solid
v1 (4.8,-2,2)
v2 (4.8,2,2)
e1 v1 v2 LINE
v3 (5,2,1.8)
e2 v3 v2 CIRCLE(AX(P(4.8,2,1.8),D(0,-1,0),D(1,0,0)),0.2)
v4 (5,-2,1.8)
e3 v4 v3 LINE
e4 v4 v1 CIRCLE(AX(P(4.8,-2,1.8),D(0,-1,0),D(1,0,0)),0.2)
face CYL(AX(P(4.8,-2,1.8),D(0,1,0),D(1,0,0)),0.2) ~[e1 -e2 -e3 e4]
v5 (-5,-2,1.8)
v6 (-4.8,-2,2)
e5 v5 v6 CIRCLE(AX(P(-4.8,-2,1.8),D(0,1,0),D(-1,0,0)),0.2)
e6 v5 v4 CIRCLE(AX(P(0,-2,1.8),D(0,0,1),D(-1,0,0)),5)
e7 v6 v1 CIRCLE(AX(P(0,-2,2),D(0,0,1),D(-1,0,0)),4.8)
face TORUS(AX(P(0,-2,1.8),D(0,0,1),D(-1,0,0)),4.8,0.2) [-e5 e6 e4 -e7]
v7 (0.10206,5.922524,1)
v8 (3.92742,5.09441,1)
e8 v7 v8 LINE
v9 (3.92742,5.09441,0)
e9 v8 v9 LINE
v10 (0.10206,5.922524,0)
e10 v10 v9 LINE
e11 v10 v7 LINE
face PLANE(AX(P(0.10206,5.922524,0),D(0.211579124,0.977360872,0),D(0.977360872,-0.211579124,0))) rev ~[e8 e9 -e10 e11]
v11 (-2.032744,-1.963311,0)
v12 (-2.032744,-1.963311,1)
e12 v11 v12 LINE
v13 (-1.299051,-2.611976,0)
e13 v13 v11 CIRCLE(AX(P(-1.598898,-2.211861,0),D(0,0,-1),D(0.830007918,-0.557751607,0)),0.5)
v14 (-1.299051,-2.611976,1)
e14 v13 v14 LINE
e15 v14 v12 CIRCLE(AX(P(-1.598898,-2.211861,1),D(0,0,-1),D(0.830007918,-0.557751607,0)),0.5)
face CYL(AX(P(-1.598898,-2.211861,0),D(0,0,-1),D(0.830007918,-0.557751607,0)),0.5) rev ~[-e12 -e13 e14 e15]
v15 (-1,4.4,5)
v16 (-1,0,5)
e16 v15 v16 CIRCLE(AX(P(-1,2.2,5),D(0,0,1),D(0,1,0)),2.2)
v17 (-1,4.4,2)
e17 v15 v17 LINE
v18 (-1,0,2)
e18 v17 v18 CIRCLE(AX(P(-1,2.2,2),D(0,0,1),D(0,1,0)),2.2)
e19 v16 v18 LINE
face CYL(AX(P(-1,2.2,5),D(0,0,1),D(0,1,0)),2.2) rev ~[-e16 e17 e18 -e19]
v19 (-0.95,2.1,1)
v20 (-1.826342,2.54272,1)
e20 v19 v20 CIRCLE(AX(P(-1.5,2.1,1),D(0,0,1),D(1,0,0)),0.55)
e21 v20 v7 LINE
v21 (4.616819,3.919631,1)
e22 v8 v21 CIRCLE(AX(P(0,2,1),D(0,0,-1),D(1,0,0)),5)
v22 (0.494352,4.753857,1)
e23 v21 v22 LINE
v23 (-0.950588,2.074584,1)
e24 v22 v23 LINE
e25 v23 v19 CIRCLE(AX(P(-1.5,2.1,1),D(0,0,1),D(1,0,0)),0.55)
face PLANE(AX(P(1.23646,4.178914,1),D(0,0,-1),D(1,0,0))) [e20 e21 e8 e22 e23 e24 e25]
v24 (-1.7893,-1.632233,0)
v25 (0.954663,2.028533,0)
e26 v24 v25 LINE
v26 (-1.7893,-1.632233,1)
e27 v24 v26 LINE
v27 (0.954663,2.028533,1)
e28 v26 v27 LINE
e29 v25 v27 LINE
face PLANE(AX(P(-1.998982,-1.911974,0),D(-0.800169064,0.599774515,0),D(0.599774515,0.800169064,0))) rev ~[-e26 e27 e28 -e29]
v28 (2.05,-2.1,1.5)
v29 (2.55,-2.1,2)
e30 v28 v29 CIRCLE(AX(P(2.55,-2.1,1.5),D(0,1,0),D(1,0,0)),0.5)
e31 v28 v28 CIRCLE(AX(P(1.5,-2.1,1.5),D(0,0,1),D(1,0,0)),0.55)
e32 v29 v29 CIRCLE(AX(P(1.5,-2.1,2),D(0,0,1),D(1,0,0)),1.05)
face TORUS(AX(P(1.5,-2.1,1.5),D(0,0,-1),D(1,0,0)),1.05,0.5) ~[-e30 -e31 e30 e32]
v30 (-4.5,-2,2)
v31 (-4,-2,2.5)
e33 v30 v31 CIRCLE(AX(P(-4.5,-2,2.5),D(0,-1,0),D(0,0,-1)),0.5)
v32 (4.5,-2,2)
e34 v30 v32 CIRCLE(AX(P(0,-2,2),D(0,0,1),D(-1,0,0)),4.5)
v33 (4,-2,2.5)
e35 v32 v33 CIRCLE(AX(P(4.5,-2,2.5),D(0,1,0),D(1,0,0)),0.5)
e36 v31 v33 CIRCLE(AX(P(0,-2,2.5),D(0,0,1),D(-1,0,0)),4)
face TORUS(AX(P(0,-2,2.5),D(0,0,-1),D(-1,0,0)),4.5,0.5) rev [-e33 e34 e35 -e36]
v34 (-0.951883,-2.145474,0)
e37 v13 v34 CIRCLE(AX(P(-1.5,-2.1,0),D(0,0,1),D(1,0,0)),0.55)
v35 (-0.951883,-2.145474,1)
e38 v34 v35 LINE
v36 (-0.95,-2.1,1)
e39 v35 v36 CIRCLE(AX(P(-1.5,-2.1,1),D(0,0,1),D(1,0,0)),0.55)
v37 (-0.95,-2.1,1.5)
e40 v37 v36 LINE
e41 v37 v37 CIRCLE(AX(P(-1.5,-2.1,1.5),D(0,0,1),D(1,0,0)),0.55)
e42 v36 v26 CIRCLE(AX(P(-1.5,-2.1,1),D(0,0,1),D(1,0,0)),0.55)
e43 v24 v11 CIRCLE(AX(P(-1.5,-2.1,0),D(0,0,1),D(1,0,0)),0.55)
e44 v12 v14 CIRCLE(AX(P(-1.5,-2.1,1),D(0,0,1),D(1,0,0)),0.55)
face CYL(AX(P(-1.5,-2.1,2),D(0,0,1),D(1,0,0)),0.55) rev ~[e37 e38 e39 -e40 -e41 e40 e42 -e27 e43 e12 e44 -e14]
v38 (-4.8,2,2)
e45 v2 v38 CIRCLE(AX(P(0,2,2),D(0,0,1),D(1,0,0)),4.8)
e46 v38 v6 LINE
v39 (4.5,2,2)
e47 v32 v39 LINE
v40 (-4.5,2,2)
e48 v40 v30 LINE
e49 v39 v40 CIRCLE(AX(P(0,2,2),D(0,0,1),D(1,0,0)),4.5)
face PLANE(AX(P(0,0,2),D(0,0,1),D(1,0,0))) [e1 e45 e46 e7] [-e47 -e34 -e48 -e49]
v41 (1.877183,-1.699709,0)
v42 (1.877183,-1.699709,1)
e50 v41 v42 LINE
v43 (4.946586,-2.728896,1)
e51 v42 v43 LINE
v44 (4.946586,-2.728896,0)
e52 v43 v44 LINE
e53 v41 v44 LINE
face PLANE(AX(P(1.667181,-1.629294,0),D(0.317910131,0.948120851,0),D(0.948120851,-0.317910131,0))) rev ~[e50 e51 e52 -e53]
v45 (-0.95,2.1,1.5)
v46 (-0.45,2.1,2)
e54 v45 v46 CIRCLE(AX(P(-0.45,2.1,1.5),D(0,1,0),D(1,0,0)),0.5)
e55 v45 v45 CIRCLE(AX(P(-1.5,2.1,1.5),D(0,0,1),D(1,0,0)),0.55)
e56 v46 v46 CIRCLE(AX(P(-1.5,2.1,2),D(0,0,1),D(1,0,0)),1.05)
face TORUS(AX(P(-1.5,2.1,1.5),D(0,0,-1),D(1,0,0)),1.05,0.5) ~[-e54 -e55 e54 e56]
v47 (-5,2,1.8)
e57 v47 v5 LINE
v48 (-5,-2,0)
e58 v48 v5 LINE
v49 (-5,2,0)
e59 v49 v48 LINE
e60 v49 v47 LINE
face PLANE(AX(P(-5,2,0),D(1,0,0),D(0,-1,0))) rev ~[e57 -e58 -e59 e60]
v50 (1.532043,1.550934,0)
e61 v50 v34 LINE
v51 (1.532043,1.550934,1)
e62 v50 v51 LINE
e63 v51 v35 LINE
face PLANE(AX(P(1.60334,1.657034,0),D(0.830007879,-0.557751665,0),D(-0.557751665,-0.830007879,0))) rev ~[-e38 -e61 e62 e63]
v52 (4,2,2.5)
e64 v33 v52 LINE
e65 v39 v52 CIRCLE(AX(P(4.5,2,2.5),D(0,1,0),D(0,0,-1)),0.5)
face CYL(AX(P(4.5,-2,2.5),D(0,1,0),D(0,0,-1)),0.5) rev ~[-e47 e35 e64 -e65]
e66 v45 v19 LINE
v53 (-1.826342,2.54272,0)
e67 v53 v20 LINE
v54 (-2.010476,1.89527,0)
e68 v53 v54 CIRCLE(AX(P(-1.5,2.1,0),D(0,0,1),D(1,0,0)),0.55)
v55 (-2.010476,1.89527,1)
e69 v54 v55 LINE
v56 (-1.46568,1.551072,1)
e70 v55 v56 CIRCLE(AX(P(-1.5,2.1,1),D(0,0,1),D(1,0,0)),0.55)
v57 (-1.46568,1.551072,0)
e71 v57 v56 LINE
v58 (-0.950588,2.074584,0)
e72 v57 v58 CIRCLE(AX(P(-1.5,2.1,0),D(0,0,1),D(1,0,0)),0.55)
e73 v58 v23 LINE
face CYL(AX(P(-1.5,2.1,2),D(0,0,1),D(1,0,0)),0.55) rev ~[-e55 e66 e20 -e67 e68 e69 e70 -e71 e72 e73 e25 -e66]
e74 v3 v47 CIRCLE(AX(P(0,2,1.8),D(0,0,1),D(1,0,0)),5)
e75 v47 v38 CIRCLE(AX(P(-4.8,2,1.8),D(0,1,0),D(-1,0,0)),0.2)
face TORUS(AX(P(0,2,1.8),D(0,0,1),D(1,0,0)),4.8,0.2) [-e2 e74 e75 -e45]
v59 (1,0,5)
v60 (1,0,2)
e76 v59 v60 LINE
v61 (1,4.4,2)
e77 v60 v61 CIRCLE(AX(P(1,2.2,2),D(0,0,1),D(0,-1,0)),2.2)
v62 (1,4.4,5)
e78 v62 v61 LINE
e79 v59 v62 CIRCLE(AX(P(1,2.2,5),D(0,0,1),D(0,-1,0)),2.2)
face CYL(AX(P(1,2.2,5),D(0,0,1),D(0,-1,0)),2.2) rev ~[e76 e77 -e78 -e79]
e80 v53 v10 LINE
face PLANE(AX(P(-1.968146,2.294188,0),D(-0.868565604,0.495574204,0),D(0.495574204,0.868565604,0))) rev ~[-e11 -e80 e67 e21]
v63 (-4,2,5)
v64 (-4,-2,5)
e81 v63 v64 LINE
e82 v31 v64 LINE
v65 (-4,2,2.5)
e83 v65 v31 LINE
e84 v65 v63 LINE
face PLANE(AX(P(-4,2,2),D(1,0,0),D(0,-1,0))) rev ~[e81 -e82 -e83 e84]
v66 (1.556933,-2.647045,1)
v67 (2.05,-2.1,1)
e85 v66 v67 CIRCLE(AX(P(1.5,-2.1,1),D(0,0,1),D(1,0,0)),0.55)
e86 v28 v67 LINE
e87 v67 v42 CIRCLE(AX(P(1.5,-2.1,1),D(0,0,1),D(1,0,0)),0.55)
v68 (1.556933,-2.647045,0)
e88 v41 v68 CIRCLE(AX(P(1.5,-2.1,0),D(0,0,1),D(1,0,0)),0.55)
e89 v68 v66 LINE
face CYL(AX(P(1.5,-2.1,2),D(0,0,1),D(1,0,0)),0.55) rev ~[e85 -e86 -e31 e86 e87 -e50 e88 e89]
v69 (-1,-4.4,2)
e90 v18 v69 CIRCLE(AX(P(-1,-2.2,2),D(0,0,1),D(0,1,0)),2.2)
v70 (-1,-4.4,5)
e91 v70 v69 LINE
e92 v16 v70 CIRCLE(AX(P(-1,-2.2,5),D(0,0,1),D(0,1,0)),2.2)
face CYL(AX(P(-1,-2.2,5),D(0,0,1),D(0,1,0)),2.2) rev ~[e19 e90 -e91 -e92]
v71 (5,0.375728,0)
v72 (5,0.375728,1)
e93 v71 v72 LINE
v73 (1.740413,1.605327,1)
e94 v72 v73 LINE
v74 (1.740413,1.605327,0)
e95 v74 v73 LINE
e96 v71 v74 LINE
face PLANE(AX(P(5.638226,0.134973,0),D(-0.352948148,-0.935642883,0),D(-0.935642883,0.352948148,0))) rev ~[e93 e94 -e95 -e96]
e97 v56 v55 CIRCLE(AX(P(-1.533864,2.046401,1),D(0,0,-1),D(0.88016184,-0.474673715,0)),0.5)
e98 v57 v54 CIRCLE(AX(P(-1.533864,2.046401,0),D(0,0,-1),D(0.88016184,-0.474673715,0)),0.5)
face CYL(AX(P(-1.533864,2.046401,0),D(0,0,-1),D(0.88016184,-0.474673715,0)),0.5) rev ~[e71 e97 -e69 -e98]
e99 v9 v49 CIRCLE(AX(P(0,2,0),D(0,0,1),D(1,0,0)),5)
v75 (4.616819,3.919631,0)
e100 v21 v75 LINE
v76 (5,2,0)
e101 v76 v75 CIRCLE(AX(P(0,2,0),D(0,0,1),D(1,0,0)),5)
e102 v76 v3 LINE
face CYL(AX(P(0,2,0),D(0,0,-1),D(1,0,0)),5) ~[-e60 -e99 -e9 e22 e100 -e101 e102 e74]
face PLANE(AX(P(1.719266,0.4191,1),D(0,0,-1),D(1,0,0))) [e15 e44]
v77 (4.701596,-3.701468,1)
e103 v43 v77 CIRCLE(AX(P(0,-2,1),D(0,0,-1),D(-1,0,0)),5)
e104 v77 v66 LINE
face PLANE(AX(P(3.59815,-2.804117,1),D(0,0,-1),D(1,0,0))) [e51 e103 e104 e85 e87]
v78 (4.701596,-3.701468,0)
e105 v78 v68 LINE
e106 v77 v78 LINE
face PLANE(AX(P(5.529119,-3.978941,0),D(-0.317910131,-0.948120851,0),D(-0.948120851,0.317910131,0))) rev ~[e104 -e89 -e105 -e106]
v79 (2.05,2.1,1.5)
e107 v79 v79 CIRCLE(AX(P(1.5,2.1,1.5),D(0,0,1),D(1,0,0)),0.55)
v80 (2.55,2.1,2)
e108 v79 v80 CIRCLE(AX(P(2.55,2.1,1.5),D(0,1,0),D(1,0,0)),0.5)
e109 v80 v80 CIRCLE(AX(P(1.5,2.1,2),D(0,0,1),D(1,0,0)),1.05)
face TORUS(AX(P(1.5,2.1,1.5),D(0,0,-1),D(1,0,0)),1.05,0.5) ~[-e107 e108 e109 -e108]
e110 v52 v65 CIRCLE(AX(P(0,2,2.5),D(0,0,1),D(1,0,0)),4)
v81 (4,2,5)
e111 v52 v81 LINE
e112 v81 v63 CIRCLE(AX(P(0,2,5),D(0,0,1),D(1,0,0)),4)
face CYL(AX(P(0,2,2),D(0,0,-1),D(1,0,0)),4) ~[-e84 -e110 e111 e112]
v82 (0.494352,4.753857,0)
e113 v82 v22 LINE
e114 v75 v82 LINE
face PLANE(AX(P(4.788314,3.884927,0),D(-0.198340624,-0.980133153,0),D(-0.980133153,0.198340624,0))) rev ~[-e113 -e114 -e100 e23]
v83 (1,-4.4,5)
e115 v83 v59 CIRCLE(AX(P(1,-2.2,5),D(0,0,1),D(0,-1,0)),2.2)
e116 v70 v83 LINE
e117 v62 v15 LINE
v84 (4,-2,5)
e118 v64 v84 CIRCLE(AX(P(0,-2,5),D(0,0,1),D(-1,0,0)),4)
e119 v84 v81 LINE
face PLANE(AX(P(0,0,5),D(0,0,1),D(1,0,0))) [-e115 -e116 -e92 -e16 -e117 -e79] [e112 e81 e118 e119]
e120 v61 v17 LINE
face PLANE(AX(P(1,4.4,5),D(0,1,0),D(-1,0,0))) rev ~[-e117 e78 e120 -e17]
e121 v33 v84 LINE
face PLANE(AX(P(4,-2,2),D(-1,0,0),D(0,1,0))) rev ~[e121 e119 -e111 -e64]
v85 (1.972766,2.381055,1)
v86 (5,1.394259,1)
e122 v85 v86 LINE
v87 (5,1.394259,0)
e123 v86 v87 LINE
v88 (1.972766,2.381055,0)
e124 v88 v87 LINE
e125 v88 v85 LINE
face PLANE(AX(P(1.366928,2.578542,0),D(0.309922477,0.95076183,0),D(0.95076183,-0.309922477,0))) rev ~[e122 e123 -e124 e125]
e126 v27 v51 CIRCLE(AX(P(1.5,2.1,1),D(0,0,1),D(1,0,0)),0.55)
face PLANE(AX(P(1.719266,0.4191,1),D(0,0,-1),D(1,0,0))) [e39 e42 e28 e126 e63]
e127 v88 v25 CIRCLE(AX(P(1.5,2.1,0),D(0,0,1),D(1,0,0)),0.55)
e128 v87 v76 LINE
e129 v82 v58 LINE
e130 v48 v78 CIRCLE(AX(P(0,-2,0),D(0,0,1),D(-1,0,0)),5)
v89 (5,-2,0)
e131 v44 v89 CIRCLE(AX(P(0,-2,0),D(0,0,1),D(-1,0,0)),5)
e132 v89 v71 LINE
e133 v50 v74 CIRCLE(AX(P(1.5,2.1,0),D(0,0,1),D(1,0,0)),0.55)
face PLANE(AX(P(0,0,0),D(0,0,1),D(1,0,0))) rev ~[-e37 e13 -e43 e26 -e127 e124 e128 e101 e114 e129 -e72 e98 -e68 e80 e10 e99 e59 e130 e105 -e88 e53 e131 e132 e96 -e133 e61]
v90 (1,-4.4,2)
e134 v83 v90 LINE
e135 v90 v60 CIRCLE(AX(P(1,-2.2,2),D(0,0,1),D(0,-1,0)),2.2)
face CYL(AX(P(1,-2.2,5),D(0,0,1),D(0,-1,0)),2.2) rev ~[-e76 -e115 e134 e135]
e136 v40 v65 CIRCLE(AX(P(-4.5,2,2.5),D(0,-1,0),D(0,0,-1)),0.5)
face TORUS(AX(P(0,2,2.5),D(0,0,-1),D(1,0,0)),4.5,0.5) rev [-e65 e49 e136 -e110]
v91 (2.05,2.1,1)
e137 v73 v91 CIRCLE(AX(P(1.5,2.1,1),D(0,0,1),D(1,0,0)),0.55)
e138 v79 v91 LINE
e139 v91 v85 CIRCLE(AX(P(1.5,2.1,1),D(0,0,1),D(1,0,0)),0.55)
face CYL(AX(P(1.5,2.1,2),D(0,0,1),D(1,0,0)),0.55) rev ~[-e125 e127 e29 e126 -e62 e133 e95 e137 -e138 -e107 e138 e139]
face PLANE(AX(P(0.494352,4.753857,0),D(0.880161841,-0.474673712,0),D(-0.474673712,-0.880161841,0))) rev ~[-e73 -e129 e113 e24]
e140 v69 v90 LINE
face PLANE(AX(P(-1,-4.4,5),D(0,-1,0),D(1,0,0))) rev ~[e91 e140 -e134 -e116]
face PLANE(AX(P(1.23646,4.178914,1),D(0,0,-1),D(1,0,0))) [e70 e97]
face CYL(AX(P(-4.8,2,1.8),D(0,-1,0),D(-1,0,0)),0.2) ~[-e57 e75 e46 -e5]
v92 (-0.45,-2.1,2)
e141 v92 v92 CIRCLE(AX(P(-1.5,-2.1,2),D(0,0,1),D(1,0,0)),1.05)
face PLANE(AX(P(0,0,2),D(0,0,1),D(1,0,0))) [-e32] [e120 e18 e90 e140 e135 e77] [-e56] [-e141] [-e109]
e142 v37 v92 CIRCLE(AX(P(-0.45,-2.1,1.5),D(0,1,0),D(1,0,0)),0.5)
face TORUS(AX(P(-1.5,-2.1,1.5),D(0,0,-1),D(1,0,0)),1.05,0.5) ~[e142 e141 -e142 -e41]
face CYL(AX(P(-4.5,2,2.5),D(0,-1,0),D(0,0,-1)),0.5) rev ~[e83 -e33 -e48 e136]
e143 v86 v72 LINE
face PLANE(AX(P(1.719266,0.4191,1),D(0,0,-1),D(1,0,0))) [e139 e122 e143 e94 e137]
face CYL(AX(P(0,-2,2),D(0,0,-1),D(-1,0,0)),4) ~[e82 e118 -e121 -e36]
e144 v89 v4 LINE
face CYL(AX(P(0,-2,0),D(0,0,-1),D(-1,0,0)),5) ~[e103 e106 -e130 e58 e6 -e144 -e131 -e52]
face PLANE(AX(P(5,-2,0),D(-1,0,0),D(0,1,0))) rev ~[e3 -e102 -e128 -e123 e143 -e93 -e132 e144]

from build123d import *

# Parameters (mm, degrees)
PAD_DEPTH       = 2
PAD001_DEPTH    = 3
POCKET_DEPTH    = 3
SKETCH003_R     = 0.55
POCKET001_DEPTH = 5
FILLET_R        = 0.5
FILLET001_R     = 0.5
POCKET002_DEPTH = 1
FILLET002_R     = 0.2


with BuildPart() as part:
    # Sketch → Pad (new body)
    with BuildSketch(Plane.XY):
        with BuildLine():
            ThreePointArc((5, 2), (0, 7), (-5, 2))
            Line((-5, 2), (-5, -2))
            ThreePointArc((-5, -2), (0, -7), (5, -2))
            Line((5, -2), (5, 2))
        make_face()
    extrude(amount=PAD_DEPTH)

    # Sketch001 (on Face6 of Pad) → Pad001 (join)
    with BuildSketch(Plane.XY.offset(2)):
        with BuildLine():
            ThreePointArc((4, 2), (0, 6), (-4, 2))
            Line((-4, 2), (-4, -2))
            ThreePointArc((-4, -2), (0, -6), (4, -2))
            Line((4, -2), (4, 2))
        make_face()
    extrude(amount=PAD001_DEPTH)

    # Sketch002 (on Face11 of Pad001) → Pocket (cut)
    with BuildSketch(Plane.XY.offset(5)):
        with BuildLine():
            ThreePointArc((-1, 4.4), (-3.2, 2.2), (-1, 0))
            ThreePointArc((-1, 0), (-3.2, -2.2), (-1, -4.4))
            Line((-1, -4.4), (1, -4.4))
            ThreePointArc((1, -4.4), (3.2, -2.2), (1, 0))
            ThreePointArc((1, 0), (3.2, 2.2), (1, 4.4))
            Line((1, 4.4), (-1, 4.4))
        make_face()
    extrude(amount=-POCKET_DEPTH, mode=Mode.SUBTRACT)

    # Sketch003 (on Face18 of Pocket) → Pocket001 (cut)
    with BuildSketch(Plane.XY.offset(2)):
        with Locations((-1.5, 2.1)):
            Circle(SKETCH003_R)
        with Locations((1.5, 2.1)):
            Circle(SKETCH003_R)
        with Locations((-1.5, -2.1)):
            Circle(SKETCH003_R)
        with Locations((1.5, -2.1)):
            Circle(SKETCH003_R)
    extrude(amount=-POCKET001_DEPTH, mode=Mode.SUBTRACT)

    # Fillet
    fillet_edges = [part.edges().sort_by_distance(p)[0] for p in [
        (-4, 0, 2),
        (0, -6, 2),
        (0, 6, 2),
        (4, 0, 2),
    ]]
    fillet(fillet_edges, radius=FILLET_R)

    # Fillet001
    fillet001_edges = [part.edges().sort_by_distance(p)[0] for p in [
        (0.95, 2.1, 2),
        (0.95, -2.1, 2),
        (-2.05, -2.1, 2),
        (-2.05, 2.1, 2),
    ]]
    fillet(fillet001_edges, radius=FILLET001_R)

    # Sketch004 (on Face3 of Fillet001) → Pocket002 (cut)
    with BuildSketch(Plane(origin=(0, 0, 0), x_dir=(1, 0, 0), z_dir=(0, 0, -1))):
        with BuildLine():
            ThreePointArc((-1.183894, 2.490737), (-1.888375, 2.619541), (-1.998982, 1.911974))
            Line((-1.998982, 1.911974), (1.366928, -2.578542))
            Line((1.366928, -2.578542), (5.969662, -1.078176))
            ThreePointArc((5.969662, -1.078176), (6.286424, -0.437034), (5.638226, -0.134973))
            Line((5.638226, -0.134973), (1.60334, -1.657034))
            Line((1.60334, -1.657034), (-1.183894, 2.490737))
        make_face()
        with BuildLine():
            ThreePointArc((1.349271, 2.577415), (1.034166, 1.944399), (1.667181, 1.629294))
            Line((1.667181, 1.629294), (5.847029, 3.03082))
            ThreePointArc((5.847029, 3.03082), (6.162134, 3.663835), (5.529119, 3.978941))
            Line((5.529119, 3.978941), (1.349271, 2.577415))
        make_face()
        with BuildLine():
            ThreePointArc((-1.093783, -1.809064), (-1.776443, -1.609188), (-1.968146, -2.294188))
            Line((-1.968146, -2.294188), (0.10206, -5.922524))
            Line((0.10206, -5.922524), (4.993273, -4.863674))
            ThreePointArc((4.993273, -4.863674), (5.376869, -4.272511), (4.788314, -3.884927))
            Line((4.788314, -3.884927), (0.494352, -4.753857))
            Line((0.494352, -4.753857), (-1.093783, -1.809064))
        make_face()
    extrude(amount=-POCKET002_DEPTH, mode=Mode.SUBTRACT)

    # Fillet002
    fillet002_edges = [part.edges().sort_by_distance(p)[0] for p in [
        (-4.5, 0, 2),
        (0, 6.5, 2),
        (0, -6.5, 2),
        (4.5, 0, 2),
        (0, 7, 2),
        (5, 0, 2),
        (-5, 0, 2),
        (0, -7, 2),
    ]]
    fillet(fillet002_edges, radius=FILLET002_R)


solid = part.part
